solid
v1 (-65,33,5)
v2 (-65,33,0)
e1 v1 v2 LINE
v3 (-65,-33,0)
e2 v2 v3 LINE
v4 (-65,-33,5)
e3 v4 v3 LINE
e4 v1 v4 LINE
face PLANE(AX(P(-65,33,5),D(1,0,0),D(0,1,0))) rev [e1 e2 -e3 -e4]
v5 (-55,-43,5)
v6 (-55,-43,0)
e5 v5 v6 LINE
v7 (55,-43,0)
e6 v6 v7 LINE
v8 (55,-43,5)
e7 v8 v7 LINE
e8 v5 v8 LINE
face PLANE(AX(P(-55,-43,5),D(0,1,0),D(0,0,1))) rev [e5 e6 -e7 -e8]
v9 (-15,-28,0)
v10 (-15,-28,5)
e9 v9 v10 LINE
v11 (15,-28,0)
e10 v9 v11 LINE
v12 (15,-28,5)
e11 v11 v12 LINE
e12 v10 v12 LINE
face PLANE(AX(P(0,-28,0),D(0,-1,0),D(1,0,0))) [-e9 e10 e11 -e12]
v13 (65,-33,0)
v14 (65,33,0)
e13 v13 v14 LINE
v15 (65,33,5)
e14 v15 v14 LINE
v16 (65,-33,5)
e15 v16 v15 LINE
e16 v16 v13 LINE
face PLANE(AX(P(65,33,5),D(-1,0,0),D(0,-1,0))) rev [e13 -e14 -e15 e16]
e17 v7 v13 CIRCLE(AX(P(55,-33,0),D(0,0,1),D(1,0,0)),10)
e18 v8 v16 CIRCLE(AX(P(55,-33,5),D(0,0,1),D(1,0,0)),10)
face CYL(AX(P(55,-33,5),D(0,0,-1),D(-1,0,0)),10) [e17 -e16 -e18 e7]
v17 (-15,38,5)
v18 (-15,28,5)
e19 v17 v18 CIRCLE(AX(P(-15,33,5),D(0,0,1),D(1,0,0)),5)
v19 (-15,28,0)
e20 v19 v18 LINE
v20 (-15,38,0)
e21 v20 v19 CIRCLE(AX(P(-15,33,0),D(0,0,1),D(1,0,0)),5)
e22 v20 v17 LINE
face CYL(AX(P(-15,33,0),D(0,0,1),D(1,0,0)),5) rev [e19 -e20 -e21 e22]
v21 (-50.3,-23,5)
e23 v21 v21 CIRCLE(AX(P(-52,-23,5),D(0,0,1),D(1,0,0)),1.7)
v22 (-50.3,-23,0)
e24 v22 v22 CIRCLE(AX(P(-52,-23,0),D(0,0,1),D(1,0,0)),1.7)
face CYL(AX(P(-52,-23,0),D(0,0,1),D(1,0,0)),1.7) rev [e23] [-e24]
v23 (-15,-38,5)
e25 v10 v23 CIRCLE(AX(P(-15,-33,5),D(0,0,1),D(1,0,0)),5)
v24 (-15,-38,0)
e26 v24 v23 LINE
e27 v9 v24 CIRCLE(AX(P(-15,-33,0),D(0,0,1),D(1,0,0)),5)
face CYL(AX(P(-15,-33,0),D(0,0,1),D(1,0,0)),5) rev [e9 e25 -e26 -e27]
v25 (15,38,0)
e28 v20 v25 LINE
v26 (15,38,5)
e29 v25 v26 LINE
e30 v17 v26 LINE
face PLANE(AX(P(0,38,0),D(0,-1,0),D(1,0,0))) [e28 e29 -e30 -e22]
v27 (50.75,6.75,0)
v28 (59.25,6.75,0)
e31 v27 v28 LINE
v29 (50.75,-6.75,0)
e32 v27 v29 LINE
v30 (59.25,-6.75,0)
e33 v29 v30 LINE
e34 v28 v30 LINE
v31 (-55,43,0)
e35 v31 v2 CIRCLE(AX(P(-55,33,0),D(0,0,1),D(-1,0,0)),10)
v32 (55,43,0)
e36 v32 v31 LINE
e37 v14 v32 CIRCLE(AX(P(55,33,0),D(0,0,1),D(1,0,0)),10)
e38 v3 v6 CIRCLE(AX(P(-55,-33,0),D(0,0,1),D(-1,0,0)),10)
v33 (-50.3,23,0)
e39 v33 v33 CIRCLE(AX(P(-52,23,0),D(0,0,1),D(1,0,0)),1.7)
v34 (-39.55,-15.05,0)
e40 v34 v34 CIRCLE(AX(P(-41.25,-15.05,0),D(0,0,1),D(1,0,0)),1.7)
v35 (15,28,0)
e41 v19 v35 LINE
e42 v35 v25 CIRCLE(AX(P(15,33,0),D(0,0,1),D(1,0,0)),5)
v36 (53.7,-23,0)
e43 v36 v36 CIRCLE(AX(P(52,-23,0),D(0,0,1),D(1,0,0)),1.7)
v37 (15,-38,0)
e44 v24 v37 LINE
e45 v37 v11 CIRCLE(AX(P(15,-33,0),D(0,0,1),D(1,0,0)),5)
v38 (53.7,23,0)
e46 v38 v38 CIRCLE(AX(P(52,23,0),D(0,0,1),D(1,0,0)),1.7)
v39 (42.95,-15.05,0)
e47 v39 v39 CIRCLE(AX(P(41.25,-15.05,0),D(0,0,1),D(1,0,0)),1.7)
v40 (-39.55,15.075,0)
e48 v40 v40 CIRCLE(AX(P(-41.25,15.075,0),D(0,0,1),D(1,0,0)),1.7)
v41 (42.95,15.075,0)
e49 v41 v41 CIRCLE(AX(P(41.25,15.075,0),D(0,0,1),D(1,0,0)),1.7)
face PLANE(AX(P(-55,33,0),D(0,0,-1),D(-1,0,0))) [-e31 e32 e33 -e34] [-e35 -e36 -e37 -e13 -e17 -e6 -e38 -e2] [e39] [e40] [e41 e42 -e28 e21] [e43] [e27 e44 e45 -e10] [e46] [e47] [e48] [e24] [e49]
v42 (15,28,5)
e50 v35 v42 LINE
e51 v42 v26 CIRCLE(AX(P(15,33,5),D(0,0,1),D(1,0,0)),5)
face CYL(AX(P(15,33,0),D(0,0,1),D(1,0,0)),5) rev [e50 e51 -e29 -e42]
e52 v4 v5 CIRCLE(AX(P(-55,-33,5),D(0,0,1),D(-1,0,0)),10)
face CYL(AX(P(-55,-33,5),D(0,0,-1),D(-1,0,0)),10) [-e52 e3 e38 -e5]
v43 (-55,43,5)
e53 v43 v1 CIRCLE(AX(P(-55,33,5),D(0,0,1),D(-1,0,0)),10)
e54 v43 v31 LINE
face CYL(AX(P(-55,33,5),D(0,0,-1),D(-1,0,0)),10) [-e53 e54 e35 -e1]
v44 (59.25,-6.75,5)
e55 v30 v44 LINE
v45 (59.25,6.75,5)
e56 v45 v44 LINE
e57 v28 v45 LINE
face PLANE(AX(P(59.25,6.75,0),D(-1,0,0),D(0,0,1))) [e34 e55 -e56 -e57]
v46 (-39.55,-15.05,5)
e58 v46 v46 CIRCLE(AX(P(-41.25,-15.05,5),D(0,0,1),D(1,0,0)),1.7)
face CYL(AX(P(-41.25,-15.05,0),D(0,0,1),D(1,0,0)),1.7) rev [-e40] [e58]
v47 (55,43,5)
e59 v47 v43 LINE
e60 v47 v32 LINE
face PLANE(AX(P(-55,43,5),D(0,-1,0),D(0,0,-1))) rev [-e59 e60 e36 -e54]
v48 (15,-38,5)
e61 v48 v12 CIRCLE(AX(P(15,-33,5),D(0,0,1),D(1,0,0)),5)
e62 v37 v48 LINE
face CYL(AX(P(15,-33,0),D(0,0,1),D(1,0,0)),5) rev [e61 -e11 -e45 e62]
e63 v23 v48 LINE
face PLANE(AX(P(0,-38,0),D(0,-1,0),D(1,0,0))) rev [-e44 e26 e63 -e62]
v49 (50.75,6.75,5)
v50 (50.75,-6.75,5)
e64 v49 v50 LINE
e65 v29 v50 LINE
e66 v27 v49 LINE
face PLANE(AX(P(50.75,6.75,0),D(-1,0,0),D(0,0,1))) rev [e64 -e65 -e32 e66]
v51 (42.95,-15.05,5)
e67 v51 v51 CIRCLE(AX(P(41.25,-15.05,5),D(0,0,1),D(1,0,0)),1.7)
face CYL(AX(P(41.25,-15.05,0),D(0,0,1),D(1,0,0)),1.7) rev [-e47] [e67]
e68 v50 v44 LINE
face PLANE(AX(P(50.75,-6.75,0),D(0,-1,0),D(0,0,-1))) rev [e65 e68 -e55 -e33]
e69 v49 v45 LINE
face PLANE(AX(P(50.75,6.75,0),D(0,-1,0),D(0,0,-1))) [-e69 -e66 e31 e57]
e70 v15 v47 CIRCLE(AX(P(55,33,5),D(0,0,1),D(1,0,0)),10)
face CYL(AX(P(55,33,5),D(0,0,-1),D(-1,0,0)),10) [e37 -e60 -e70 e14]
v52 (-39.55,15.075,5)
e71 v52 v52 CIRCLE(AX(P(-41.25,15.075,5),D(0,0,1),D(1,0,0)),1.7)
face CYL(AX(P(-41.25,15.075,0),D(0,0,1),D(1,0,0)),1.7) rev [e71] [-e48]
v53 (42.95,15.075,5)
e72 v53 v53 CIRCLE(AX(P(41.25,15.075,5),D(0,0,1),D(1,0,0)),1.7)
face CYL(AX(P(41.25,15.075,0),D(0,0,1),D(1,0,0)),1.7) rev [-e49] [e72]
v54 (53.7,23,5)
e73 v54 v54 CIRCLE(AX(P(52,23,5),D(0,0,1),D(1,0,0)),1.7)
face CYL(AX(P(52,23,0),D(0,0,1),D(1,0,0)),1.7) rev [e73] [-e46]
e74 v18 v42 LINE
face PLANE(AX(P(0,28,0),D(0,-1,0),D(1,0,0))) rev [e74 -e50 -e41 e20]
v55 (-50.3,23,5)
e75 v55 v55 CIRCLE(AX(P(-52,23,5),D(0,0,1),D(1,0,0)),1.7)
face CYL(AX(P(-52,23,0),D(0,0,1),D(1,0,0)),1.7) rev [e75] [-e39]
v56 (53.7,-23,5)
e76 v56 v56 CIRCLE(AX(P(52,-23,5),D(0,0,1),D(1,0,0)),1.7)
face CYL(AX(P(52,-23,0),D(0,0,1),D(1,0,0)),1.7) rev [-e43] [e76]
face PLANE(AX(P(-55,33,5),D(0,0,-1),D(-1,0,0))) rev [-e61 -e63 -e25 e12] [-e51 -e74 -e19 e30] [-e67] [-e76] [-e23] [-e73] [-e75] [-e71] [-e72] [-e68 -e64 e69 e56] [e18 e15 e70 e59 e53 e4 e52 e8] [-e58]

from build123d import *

# Parameters (mm, degrees)
BOSS_EXTRUDE1_DEPTH = 5
SKETCH2_R           = 1.7
SKETCH2_W           = 8.5
SKETCH2_H           = 13.5
CUT_EXTRUDE2_DEPTH  = 5


with BuildPart() as part:
    # Sketch1 → Boss-Extrude1 (new body)
    with BuildSketch(Plane.XY):
        with BuildLine():
            Line((-55, 43), (55, 43))
            ThreePointArc((55, 43), (62.071067812, 40.071067812), (65, 33))
            Line((65, 33), (65, -33))
            ThreePointArc((65, -33), (62.071067812, -40.071067812), (55, -43))
            Line((55, -43), (-55, -43))
            ThreePointArc((-55, -43), (-62.071067812, -40.071067812), (-65, -33))
            Line((-65, -33), (-65, 33))
            ThreePointArc((-65, 33), (-62.071067812, 40.071067812), (-55, 43))
        make_face()
    extrude(amount=BOSS_EXTRUDE1_DEPTH)

    # Sketch2 → Cut-Extrude2 (cut)
    with BuildSketch(Plane.XY.offset(5)):
        with Locations((-52, 23)):
            Circle(SKETCH2_R)
        with Locations((-52, -23)):
            Circle(SKETCH2_R)
        with Locations((52, -23)):
            Circle(SKETCH2_R)
        with Locations((52, 23)):
            Circle(SKETCH2_R)
        with Locations((-41.25, -15.05)):
            Circle(SKETCH2_R)
        with Locations((-41.25, 15.075)):
            Circle(SKETCH2_R)
        with Locations((41.25, -15.05)):
            Circle(SKETCH2_R)
        with Locations((41.25, 15.075)):
            Circle(SKETCH2_R)
        with BuildLine():
            Line((-15, -28), (15, -28))
            ThreePointArc((15, -28), (20, -33), (15, -38))
            Line((15, -38), (-15, -38))
            ThreePointArc((-15, -38), (-20, -33), (-15, -28))
        make_face()
        with BuildLine():
            Line((-15, 38), (15, 38))
            ThreePointArc((15, 38), (20, 33), (15, 28))
            Line((15, 28), (-15, 28))
            ThreePointArc((-15, 28), (-20, 33), (-15, 38))
        make_face()
        with Locations((55, 0)):
            Rectangle(SKETCH2_W, SKETCH2_H)
    extrude(amount=-CUT_EXTRUDE2_DEPTH, mode=Mode.SUBTRACT)


solid = part.part
